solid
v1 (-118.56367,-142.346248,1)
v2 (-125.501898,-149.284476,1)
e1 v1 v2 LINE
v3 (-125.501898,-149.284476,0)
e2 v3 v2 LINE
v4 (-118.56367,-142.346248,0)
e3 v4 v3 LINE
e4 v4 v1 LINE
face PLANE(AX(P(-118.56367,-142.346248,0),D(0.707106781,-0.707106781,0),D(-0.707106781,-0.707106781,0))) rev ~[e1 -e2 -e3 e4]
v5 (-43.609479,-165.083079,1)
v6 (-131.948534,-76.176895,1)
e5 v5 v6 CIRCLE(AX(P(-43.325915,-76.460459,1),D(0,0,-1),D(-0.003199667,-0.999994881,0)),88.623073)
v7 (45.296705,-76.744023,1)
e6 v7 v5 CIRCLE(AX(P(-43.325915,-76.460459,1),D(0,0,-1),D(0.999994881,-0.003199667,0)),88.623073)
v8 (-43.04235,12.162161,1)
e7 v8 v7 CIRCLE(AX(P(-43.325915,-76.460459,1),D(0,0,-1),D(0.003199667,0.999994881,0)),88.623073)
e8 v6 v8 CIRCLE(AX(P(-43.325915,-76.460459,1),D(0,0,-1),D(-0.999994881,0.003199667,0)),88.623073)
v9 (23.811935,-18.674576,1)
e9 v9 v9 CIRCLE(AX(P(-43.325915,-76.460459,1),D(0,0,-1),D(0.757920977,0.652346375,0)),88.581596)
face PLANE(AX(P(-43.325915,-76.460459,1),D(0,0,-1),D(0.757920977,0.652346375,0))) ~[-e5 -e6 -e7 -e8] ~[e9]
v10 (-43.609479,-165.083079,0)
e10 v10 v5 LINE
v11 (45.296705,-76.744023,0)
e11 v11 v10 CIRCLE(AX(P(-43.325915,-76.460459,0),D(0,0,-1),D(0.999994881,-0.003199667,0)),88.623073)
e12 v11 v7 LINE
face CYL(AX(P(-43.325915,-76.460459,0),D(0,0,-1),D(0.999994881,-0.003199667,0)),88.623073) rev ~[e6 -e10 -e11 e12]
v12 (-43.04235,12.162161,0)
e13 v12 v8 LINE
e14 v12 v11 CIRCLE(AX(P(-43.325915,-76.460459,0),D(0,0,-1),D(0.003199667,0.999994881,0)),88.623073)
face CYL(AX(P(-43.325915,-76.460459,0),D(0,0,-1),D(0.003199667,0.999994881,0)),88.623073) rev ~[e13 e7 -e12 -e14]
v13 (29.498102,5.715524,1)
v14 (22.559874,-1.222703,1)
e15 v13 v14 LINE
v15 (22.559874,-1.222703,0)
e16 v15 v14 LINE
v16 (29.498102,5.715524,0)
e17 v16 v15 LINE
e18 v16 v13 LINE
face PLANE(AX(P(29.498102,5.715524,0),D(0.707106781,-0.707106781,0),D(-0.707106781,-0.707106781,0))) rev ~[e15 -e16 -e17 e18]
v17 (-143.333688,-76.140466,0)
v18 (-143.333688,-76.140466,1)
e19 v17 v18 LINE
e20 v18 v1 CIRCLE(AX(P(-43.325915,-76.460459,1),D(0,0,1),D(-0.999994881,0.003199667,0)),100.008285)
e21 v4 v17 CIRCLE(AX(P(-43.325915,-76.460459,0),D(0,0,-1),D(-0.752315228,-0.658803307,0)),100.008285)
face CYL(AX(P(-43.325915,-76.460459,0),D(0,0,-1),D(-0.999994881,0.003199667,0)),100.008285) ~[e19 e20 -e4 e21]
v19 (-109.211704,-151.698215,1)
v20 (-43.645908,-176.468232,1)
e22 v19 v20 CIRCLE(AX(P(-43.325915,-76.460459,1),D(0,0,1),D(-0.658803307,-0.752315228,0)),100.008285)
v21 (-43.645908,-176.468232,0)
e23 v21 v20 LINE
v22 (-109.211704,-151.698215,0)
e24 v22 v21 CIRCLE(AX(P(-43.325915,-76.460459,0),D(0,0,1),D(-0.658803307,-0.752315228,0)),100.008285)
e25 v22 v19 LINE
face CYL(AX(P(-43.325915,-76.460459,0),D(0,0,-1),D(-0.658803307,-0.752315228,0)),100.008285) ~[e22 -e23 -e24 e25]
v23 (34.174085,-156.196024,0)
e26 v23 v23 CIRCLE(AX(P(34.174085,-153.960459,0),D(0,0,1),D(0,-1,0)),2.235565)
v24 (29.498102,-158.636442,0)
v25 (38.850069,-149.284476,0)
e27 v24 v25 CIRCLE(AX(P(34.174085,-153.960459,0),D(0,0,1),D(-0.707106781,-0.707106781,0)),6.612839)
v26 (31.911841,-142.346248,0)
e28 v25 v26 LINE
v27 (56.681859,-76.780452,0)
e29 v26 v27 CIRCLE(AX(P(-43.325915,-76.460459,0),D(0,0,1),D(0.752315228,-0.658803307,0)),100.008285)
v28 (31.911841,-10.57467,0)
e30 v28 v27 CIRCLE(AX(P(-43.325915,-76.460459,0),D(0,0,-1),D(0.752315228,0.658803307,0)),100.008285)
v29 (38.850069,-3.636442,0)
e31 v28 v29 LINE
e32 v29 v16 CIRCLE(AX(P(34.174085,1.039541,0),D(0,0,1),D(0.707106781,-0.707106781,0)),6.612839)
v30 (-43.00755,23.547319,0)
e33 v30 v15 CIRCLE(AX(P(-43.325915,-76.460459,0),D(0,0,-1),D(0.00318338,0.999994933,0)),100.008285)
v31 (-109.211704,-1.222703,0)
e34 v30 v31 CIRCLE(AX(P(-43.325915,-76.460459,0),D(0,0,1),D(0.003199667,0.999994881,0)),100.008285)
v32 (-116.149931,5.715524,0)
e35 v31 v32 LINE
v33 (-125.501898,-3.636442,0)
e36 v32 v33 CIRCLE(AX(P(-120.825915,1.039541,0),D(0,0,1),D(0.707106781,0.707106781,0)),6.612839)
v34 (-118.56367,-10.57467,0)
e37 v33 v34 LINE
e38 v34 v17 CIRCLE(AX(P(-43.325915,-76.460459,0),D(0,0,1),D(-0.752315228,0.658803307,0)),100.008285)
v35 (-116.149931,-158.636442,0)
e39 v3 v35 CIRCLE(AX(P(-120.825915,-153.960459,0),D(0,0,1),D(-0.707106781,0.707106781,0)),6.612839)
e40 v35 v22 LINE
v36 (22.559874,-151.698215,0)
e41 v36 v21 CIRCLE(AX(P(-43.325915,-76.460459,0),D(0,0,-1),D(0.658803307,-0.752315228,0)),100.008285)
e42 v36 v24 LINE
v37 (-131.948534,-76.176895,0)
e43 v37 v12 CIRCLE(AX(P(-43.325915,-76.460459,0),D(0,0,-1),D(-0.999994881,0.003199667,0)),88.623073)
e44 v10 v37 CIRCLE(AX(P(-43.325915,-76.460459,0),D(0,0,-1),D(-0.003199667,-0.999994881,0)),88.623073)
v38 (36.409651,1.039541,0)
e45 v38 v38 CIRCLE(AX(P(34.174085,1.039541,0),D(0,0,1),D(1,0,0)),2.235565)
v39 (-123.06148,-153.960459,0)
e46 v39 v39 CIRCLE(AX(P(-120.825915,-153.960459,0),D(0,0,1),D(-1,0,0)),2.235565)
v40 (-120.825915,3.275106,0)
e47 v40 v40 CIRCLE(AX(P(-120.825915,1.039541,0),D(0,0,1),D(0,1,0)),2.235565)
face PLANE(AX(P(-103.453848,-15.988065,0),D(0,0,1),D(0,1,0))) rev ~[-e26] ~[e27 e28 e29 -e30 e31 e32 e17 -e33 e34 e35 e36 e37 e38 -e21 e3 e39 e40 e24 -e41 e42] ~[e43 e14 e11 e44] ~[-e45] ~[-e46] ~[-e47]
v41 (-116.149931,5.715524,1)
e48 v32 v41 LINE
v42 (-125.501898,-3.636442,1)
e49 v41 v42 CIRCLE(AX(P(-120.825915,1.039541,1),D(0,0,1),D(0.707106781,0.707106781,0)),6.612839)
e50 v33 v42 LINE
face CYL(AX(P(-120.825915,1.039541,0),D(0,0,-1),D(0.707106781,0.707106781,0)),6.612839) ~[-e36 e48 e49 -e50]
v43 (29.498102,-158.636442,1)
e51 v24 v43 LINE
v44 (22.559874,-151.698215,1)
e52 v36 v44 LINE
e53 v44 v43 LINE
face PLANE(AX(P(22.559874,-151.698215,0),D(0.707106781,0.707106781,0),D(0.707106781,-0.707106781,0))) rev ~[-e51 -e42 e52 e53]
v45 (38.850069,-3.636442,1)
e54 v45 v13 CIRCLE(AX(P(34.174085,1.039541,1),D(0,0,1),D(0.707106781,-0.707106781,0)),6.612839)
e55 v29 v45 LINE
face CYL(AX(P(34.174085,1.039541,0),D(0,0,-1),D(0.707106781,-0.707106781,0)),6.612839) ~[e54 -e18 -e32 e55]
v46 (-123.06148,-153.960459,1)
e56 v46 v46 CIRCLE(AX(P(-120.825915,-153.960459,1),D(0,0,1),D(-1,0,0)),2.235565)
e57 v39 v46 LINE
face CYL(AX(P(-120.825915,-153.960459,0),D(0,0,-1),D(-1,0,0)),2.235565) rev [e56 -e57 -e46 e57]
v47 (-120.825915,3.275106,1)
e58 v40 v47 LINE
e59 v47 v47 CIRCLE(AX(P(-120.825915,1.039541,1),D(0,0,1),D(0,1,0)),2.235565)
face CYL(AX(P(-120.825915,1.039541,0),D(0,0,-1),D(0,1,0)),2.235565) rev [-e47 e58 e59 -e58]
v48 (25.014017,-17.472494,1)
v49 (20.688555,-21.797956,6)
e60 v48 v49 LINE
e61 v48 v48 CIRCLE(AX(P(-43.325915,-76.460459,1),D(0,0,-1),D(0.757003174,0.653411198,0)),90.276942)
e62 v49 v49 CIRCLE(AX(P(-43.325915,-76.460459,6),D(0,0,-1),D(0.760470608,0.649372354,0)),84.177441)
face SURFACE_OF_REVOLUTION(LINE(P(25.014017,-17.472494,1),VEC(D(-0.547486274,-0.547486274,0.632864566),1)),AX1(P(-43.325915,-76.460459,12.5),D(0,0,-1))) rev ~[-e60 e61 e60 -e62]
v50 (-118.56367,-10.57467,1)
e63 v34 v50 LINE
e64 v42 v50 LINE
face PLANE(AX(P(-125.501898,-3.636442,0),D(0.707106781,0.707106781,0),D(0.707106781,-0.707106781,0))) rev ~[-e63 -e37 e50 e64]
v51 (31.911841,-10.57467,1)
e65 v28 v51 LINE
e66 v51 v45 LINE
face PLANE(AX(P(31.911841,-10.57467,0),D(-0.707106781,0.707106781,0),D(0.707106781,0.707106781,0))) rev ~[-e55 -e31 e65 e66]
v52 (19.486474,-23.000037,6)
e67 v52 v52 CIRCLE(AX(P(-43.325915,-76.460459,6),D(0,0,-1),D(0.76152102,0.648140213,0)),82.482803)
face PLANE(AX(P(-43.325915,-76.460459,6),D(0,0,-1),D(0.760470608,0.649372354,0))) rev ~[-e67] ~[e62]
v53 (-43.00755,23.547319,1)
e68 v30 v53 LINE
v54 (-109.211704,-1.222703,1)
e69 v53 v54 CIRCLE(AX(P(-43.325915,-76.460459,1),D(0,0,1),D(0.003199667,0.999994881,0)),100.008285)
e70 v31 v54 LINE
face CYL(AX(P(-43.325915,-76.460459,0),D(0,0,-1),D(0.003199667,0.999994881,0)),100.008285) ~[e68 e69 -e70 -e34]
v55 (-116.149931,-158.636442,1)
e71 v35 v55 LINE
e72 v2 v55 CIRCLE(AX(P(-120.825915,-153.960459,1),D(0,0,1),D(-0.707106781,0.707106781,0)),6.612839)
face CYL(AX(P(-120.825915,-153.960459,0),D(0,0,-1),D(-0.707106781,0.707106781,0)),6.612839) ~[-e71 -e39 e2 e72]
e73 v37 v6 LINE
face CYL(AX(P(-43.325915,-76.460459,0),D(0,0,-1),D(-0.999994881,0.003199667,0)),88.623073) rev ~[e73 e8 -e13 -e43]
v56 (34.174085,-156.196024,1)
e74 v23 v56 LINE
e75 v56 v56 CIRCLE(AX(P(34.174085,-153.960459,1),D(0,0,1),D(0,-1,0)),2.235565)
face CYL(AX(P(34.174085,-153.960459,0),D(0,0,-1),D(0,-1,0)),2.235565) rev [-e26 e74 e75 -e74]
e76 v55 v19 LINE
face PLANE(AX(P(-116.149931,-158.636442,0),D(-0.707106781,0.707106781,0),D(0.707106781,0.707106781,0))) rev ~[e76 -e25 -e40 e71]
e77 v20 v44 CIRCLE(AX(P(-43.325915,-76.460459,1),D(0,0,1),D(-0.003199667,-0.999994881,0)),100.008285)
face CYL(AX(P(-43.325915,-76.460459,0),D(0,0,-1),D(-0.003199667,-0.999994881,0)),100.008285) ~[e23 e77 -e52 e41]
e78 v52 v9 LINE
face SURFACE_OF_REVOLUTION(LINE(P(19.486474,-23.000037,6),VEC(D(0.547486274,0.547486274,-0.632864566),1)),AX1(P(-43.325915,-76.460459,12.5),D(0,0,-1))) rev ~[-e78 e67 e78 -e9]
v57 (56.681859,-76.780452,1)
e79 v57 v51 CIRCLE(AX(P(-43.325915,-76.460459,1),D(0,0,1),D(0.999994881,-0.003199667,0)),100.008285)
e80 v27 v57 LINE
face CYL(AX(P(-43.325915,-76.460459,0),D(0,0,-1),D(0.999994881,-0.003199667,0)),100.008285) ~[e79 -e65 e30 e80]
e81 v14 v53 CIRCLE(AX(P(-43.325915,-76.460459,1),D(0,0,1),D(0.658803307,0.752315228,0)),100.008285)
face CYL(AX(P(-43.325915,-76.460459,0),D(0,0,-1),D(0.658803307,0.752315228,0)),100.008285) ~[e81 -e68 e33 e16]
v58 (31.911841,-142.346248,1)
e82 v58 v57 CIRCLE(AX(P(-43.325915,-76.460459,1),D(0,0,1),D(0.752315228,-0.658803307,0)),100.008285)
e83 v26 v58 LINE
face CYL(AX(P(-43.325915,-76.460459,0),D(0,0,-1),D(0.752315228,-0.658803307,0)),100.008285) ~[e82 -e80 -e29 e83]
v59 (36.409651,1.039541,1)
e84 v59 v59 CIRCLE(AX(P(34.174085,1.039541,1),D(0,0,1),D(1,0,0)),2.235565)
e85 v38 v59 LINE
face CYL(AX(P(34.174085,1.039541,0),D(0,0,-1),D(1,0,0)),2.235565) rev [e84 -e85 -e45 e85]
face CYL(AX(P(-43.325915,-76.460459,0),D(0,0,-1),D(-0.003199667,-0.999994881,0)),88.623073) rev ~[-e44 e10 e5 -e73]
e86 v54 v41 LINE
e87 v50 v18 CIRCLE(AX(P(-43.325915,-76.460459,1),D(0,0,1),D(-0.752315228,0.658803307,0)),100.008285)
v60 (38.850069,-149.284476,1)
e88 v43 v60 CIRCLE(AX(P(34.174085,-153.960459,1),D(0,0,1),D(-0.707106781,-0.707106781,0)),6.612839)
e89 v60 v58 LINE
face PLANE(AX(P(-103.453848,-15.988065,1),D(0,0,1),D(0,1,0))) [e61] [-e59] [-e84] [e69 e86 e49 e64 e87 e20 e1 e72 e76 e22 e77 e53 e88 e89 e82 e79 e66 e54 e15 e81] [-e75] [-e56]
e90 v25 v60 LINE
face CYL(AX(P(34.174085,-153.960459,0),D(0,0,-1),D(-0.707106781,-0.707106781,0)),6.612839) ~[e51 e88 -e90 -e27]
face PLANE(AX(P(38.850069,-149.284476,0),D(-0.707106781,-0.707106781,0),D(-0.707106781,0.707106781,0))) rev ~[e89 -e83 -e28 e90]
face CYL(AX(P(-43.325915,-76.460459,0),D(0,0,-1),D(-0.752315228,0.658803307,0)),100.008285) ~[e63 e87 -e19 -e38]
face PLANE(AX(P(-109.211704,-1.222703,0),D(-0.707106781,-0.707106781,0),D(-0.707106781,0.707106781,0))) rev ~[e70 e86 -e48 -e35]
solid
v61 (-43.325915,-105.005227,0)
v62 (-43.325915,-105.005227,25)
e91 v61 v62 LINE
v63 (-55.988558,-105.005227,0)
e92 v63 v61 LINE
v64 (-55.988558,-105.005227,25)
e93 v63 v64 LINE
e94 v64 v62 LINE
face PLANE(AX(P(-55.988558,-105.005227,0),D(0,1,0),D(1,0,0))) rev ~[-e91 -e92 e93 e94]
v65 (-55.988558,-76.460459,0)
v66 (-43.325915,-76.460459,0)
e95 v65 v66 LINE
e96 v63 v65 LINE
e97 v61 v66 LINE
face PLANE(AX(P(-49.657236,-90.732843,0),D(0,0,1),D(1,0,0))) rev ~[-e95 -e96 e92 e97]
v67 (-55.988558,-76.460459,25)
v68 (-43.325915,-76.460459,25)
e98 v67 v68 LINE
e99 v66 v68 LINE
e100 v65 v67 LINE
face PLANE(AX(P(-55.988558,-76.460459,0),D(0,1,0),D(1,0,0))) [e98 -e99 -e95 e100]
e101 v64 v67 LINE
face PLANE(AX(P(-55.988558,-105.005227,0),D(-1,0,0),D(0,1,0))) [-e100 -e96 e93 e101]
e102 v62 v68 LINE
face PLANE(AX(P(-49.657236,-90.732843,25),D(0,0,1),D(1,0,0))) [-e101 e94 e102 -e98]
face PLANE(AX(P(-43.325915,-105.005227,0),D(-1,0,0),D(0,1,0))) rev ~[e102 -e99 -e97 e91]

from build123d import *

# Parameters (mm, degrees)
F0_R     = 2.2355653833
F1_DEPTH = 1
F0_W     = 12.6626430313
F0_H     = 28.5447680519
F2_DEPTH = 25
F3_COUNT = 4


with BuildPart() as f1:
    # F0 (on Top) → F1 (new body)
    with BuildSketch(Plane.XY):
        with BuildLine():
            ThreePointArc((-43.0423502661, 12.1621607931), (19.5402510681, -13.9953138384), (45.2967051651, -76.7440233168))
            Line((45.2967051651, -76.7440233168), (56.6818586237, -76.7804522051))
            ThreePointArc((56.6818586237, -76.7804522051), (50.341316948, -41.4161037252), (31.9118412468, -10.5746699465))
            Line((31.9118412468, -10.5746699465), (38.8500688052, -3.6364423881))
            ThreePointArc((38.8500688052, -3.6364423881), (38.8500688052, 5.7155244332), (29.4981019839, 5.7155244332))
            Line((29.4981019839, 5.7155244332), (22.5598744256, -1.2227031252))
            ThreePointArc((22.5598744256, -1.2227031252), (-7.9827966327, 17.0944506419), (-43.0075501886, 23.5473194501))
            Line((-43.0075501886, 23.5473194501), (-43.0139454585, 21.0395410226))
            Line((-43.0139454585, 21.0395410226), (-43.0423502661, 12.1621607931))
        make_face()
        with Locations((34.1740853946, 1.0395410226)):
            Circle(F0_R, mode=Mode.SUBTRACT)
    extrude(amount=F1_DEPTH)

    # F3: F1 ×4 about axis
    f3_axis = Axis((-43.3259146054, -76.4604589774, 12.5), (0, 0, -1))


with BuildPart() as f2:
    # F0 (on Top) → F2 (new body)
    with BuildSketch(Plane.XY):
        with Locations((-49.6572361211, -90.7328430034)):
            Rectangle(F0_W, F0_H)
    extrude(amount=F2_DEPTH)


with BuildPart() as f1_1:
    add(f1.part)
    for i in range(1, F3_COUNT):
        add(f1.part.rotate(f3_axis, i * 360 / F3_COUNT))

    # F4 (on face) → F5 (revolve)
    with BuildSketch(Plane(origin=(21.2432555966, -21.2432555966, 0), x_dir=(0.7071067812, 0.7071067812, 0), z_dir=(0.7071067812, -0.7071067812, 0))):
        Polygon((3.6326618865, 1), (5.3326618865, 1), (-0.7844645523, 6), (-2.4844645523, 6), align=None)
    revolve(axis=Axis((-43.3259146054, -76.4604589774, 12.5), (0, 0, -1)))


solid = Compound([f2.part, f1_1.part])
